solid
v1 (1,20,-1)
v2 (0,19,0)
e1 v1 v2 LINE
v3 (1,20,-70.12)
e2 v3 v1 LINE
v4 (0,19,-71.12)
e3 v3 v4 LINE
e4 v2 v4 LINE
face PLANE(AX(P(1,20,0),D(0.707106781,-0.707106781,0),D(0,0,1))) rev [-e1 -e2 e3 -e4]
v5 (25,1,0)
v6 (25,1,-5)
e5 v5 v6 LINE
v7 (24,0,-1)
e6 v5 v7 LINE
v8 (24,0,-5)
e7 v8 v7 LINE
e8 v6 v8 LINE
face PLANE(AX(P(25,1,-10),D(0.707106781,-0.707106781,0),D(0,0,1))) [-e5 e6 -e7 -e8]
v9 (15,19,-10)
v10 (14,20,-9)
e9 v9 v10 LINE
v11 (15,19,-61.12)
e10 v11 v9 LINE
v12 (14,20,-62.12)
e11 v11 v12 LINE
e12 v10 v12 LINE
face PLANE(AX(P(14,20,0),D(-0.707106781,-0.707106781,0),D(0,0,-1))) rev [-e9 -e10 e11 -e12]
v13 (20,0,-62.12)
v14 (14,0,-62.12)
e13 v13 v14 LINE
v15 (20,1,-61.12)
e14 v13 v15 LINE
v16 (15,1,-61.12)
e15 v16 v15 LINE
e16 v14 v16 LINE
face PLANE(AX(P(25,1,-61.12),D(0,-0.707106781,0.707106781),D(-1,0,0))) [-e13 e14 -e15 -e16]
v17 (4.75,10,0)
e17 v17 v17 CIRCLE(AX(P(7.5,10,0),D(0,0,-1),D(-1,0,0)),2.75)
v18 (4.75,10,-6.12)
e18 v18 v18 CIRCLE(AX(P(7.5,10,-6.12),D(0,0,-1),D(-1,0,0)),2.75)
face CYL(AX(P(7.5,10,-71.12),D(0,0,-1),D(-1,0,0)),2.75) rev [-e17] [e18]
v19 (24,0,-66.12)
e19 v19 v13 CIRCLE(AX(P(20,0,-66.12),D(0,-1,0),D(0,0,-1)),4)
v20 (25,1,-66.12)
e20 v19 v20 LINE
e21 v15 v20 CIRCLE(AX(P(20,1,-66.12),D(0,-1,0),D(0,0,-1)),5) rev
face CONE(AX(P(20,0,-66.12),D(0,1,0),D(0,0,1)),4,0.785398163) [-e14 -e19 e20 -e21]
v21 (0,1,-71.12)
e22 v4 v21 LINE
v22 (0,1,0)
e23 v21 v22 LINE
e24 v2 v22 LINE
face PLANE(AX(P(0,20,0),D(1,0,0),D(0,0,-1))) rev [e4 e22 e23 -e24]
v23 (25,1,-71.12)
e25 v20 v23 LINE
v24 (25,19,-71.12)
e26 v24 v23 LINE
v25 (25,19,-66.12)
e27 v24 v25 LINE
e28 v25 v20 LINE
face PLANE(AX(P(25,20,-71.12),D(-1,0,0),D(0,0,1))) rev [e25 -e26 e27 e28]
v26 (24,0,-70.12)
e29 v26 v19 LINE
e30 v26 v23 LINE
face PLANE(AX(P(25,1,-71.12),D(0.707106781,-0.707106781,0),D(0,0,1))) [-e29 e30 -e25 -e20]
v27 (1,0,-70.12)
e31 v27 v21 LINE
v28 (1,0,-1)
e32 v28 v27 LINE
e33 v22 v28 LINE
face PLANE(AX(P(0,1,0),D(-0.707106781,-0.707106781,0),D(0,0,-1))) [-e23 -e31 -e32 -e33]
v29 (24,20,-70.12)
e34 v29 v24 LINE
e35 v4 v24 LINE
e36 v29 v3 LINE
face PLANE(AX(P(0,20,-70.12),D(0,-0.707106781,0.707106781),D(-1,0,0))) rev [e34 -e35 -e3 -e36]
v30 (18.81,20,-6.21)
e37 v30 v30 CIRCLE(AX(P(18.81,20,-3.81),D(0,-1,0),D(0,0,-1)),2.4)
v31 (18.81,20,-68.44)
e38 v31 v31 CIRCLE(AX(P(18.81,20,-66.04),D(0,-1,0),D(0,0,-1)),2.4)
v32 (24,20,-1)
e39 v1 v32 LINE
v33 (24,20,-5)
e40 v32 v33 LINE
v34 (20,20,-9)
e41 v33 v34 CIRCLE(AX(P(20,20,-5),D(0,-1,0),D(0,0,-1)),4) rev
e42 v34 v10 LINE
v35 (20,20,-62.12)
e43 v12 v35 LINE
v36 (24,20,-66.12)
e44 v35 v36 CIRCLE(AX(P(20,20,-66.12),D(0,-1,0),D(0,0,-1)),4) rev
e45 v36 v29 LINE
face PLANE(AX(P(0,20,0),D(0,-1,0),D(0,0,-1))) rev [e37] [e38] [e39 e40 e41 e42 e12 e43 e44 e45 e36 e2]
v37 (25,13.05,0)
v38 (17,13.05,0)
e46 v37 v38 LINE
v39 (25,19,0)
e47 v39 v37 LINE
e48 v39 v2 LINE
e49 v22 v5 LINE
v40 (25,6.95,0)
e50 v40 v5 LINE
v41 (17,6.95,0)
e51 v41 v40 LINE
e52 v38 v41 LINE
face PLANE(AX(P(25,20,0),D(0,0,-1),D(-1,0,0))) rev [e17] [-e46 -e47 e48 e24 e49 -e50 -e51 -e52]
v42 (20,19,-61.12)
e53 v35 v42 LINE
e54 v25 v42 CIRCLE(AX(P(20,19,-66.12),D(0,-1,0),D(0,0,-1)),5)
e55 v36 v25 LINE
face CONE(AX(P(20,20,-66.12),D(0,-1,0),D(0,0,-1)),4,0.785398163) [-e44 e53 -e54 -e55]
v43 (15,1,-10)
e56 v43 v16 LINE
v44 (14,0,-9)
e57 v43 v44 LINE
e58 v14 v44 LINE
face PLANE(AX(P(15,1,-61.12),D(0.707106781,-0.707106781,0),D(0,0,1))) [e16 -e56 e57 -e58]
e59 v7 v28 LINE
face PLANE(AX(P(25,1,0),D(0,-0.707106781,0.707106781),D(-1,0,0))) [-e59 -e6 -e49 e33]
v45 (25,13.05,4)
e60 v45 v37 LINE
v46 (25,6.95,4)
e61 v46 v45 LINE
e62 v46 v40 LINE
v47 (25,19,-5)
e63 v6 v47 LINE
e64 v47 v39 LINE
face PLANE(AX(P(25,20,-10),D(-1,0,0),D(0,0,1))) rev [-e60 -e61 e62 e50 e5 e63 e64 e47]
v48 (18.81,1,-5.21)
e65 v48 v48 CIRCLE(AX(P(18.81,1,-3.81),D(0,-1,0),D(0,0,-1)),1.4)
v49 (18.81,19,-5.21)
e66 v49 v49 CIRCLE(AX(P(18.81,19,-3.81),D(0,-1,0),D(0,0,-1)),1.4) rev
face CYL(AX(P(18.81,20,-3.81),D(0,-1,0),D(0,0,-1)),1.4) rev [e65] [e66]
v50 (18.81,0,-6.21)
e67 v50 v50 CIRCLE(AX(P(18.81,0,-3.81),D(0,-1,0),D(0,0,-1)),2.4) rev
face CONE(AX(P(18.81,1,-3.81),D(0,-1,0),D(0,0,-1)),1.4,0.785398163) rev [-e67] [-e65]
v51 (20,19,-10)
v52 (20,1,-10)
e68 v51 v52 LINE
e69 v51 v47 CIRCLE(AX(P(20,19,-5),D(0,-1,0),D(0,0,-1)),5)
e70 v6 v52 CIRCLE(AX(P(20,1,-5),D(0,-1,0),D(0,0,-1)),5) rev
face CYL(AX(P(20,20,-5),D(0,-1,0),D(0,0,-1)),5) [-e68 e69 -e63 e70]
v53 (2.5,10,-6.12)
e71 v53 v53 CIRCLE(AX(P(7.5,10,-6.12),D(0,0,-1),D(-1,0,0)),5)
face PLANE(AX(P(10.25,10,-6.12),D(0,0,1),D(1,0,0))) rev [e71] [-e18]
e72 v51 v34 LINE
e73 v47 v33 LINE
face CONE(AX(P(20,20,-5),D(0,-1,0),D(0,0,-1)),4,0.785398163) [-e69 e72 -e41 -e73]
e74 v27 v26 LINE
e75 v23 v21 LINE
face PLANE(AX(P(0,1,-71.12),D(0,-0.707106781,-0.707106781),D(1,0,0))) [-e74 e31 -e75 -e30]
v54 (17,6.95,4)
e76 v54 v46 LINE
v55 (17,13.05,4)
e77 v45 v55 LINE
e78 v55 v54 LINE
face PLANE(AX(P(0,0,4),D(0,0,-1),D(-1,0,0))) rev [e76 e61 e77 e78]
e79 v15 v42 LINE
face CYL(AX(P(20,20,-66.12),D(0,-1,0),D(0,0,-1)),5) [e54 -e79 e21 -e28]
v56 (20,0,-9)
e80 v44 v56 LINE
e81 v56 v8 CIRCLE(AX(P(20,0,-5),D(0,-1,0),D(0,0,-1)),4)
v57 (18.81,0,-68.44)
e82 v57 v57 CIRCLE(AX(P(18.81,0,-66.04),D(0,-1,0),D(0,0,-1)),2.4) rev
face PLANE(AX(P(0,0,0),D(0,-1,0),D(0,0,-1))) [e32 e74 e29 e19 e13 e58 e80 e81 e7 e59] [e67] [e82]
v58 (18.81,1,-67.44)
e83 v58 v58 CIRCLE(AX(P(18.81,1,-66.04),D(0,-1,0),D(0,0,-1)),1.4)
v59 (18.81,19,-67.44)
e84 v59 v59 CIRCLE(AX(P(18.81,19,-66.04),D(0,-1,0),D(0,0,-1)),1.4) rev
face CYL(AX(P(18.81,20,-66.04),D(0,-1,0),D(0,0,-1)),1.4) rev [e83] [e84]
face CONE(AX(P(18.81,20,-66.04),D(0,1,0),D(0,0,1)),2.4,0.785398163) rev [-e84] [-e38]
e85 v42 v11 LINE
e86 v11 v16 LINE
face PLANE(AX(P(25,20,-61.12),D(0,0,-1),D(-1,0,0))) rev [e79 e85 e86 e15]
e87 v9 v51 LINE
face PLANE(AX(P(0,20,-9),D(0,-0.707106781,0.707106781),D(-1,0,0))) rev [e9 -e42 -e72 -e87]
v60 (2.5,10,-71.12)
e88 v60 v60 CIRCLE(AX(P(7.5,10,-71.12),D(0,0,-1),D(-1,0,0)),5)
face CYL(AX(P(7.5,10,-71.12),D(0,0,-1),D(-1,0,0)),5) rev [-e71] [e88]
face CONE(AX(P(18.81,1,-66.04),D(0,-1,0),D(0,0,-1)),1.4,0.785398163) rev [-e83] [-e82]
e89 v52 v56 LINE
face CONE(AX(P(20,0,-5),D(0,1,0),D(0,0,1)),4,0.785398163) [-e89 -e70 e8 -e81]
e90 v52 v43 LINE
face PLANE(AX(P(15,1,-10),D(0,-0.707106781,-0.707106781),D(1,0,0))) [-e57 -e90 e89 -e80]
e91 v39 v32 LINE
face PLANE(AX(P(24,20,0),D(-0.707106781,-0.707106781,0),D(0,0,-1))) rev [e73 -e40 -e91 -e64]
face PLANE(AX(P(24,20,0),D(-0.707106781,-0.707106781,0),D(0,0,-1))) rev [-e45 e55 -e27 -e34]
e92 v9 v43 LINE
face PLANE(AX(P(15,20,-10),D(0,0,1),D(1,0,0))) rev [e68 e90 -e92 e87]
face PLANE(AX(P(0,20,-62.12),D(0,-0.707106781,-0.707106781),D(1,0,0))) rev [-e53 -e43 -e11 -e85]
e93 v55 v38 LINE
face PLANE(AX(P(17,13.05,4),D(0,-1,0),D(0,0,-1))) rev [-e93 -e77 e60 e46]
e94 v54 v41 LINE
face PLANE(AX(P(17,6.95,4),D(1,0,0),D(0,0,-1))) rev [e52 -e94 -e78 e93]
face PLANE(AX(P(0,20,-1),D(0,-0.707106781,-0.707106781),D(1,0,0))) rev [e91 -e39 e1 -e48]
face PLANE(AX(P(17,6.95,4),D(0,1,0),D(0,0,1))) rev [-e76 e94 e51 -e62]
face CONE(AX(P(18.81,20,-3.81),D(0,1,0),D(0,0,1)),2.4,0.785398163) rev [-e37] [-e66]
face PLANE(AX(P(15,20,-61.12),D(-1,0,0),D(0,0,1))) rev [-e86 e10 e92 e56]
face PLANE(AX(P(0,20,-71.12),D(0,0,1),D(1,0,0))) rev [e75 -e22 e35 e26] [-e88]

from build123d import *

# Parameters (mm, degrees)
BOSS_EXTRUDE1_DEPTH            = 20
CBORE_FOR_M5_SHCS1_D           = 5.5
CBORE_FOR_M5_SHCS1_CBORE_D     = 10
CBORE_FOR_M5_SHCS1_CBORE_DEPTH = 65
SKETCH5_W                      = 8
SKETCH5_H                      = 6.1
BOSS_EXTRUDE2_DEPTH            = 4
SKETCH6_R                      = 1.4
CUT_EXTRUDE1_DEPTH             = 21
FILLET1_R                      = 5
CHAMFER2_SIZE                  = 1


with BuildPart() as part:
    # Sketch1 → Boss-Extrude1 (new body)
    with BuildSketch(Plane(origin=(0, 0, 0), x_dir=(1, 0, 0), z_dir=(0, 1, 0))):
        Polygon((0, 0), (0, 71.12), (25, 71.12), (25, 61.12), (15, 61.12), (15, 10), (25, 10), (25, 0), align=None)
    extrude(amount=BOSS_EXTRUDE1_DEPTH)

    # CBORE for M5 SHCS1 (through all)
    with Locations(Plane(origin=(0, 0, -71.12), x_dir=(-1, 0, 0), z_dir=(0, 0, -1))):
        with Locations((-7.5, 10)):
            CounterBoreHole(CBORE_FOR_M5_SHCS1_D / 2, CBORE_FOR_M5_SHCS1_CBORE_D / 2, CBORE_FOR_M5_SHCS1_CBORE_DEPTH)

    # Sketch5 → Boss-Extrude2 (add)
    with BuildSketch(Plane.XY):
        with Locations((21, 10)):
            Rectangle(SKETCH5_W, SKETCH5_H)
    extrude(amount=BOSS_EXTRUDE2_DEPTH)

    # Sketch6 → Cut-Extrude1 (cut, through all)
    with BuildSketch(Plane.XZ):
        with Locations((18.81, -3.81)):
            Circle(SKETCH6_R)
        with Locations((18.81, -66.04)):
            Circle(SKETCH6_R)
    extrude(amount=-CUT_EXTRUDE1_DEPTH, mode=Mode.SUBTRACT)

    # Fillet1
    fillet1_edges = [part.edges().sort_by_distance(p)[0] for p in [
        (25, 10, -61.12),
        (25, 10, -10),
    ]]
    fillet(fillet1_edges, radius=FILLET1_R)

    # Chamfer2
    chamfer2_edges = [part.edges().sort_by_distance(p)[0] for p in [
        (15, 0, -35.56),
        (25, 0, -2.5),
        (12.5, 0, 0),
        (15, 20, -35.56),
        (17.5, 20, -61.12),
        (12.5, 20, -71.12),
        (0, 20, -35.56),
        (17.41, 20, -3.81),
        (17.41, 0, -3.81),
        (17.41, 20, -66.04),
        (17.41, 0, -66.04),
        (12.5, 20, 0),
        (17.5, 0, -10),
        (17.5, 20, -10),
        (25, 0, -68.62),
        (23.535533906, 0, -62.584466094),
        (23.535533906, 0, -8.535533906),
        (25, 20, -68.62),
        (23.535533906, 20, -62.584466094),
        (23.535533906, 20, -8.535533906),
        (0, 0, -35.56),
        (25, 20, -2.5),
        (12.5, 0, -71.12),
        (17.5, 0, -61.12),
    ]]
    chamfer(chamfer2_edges, length=CHAMFER2_SIZE)


solid = part.part
